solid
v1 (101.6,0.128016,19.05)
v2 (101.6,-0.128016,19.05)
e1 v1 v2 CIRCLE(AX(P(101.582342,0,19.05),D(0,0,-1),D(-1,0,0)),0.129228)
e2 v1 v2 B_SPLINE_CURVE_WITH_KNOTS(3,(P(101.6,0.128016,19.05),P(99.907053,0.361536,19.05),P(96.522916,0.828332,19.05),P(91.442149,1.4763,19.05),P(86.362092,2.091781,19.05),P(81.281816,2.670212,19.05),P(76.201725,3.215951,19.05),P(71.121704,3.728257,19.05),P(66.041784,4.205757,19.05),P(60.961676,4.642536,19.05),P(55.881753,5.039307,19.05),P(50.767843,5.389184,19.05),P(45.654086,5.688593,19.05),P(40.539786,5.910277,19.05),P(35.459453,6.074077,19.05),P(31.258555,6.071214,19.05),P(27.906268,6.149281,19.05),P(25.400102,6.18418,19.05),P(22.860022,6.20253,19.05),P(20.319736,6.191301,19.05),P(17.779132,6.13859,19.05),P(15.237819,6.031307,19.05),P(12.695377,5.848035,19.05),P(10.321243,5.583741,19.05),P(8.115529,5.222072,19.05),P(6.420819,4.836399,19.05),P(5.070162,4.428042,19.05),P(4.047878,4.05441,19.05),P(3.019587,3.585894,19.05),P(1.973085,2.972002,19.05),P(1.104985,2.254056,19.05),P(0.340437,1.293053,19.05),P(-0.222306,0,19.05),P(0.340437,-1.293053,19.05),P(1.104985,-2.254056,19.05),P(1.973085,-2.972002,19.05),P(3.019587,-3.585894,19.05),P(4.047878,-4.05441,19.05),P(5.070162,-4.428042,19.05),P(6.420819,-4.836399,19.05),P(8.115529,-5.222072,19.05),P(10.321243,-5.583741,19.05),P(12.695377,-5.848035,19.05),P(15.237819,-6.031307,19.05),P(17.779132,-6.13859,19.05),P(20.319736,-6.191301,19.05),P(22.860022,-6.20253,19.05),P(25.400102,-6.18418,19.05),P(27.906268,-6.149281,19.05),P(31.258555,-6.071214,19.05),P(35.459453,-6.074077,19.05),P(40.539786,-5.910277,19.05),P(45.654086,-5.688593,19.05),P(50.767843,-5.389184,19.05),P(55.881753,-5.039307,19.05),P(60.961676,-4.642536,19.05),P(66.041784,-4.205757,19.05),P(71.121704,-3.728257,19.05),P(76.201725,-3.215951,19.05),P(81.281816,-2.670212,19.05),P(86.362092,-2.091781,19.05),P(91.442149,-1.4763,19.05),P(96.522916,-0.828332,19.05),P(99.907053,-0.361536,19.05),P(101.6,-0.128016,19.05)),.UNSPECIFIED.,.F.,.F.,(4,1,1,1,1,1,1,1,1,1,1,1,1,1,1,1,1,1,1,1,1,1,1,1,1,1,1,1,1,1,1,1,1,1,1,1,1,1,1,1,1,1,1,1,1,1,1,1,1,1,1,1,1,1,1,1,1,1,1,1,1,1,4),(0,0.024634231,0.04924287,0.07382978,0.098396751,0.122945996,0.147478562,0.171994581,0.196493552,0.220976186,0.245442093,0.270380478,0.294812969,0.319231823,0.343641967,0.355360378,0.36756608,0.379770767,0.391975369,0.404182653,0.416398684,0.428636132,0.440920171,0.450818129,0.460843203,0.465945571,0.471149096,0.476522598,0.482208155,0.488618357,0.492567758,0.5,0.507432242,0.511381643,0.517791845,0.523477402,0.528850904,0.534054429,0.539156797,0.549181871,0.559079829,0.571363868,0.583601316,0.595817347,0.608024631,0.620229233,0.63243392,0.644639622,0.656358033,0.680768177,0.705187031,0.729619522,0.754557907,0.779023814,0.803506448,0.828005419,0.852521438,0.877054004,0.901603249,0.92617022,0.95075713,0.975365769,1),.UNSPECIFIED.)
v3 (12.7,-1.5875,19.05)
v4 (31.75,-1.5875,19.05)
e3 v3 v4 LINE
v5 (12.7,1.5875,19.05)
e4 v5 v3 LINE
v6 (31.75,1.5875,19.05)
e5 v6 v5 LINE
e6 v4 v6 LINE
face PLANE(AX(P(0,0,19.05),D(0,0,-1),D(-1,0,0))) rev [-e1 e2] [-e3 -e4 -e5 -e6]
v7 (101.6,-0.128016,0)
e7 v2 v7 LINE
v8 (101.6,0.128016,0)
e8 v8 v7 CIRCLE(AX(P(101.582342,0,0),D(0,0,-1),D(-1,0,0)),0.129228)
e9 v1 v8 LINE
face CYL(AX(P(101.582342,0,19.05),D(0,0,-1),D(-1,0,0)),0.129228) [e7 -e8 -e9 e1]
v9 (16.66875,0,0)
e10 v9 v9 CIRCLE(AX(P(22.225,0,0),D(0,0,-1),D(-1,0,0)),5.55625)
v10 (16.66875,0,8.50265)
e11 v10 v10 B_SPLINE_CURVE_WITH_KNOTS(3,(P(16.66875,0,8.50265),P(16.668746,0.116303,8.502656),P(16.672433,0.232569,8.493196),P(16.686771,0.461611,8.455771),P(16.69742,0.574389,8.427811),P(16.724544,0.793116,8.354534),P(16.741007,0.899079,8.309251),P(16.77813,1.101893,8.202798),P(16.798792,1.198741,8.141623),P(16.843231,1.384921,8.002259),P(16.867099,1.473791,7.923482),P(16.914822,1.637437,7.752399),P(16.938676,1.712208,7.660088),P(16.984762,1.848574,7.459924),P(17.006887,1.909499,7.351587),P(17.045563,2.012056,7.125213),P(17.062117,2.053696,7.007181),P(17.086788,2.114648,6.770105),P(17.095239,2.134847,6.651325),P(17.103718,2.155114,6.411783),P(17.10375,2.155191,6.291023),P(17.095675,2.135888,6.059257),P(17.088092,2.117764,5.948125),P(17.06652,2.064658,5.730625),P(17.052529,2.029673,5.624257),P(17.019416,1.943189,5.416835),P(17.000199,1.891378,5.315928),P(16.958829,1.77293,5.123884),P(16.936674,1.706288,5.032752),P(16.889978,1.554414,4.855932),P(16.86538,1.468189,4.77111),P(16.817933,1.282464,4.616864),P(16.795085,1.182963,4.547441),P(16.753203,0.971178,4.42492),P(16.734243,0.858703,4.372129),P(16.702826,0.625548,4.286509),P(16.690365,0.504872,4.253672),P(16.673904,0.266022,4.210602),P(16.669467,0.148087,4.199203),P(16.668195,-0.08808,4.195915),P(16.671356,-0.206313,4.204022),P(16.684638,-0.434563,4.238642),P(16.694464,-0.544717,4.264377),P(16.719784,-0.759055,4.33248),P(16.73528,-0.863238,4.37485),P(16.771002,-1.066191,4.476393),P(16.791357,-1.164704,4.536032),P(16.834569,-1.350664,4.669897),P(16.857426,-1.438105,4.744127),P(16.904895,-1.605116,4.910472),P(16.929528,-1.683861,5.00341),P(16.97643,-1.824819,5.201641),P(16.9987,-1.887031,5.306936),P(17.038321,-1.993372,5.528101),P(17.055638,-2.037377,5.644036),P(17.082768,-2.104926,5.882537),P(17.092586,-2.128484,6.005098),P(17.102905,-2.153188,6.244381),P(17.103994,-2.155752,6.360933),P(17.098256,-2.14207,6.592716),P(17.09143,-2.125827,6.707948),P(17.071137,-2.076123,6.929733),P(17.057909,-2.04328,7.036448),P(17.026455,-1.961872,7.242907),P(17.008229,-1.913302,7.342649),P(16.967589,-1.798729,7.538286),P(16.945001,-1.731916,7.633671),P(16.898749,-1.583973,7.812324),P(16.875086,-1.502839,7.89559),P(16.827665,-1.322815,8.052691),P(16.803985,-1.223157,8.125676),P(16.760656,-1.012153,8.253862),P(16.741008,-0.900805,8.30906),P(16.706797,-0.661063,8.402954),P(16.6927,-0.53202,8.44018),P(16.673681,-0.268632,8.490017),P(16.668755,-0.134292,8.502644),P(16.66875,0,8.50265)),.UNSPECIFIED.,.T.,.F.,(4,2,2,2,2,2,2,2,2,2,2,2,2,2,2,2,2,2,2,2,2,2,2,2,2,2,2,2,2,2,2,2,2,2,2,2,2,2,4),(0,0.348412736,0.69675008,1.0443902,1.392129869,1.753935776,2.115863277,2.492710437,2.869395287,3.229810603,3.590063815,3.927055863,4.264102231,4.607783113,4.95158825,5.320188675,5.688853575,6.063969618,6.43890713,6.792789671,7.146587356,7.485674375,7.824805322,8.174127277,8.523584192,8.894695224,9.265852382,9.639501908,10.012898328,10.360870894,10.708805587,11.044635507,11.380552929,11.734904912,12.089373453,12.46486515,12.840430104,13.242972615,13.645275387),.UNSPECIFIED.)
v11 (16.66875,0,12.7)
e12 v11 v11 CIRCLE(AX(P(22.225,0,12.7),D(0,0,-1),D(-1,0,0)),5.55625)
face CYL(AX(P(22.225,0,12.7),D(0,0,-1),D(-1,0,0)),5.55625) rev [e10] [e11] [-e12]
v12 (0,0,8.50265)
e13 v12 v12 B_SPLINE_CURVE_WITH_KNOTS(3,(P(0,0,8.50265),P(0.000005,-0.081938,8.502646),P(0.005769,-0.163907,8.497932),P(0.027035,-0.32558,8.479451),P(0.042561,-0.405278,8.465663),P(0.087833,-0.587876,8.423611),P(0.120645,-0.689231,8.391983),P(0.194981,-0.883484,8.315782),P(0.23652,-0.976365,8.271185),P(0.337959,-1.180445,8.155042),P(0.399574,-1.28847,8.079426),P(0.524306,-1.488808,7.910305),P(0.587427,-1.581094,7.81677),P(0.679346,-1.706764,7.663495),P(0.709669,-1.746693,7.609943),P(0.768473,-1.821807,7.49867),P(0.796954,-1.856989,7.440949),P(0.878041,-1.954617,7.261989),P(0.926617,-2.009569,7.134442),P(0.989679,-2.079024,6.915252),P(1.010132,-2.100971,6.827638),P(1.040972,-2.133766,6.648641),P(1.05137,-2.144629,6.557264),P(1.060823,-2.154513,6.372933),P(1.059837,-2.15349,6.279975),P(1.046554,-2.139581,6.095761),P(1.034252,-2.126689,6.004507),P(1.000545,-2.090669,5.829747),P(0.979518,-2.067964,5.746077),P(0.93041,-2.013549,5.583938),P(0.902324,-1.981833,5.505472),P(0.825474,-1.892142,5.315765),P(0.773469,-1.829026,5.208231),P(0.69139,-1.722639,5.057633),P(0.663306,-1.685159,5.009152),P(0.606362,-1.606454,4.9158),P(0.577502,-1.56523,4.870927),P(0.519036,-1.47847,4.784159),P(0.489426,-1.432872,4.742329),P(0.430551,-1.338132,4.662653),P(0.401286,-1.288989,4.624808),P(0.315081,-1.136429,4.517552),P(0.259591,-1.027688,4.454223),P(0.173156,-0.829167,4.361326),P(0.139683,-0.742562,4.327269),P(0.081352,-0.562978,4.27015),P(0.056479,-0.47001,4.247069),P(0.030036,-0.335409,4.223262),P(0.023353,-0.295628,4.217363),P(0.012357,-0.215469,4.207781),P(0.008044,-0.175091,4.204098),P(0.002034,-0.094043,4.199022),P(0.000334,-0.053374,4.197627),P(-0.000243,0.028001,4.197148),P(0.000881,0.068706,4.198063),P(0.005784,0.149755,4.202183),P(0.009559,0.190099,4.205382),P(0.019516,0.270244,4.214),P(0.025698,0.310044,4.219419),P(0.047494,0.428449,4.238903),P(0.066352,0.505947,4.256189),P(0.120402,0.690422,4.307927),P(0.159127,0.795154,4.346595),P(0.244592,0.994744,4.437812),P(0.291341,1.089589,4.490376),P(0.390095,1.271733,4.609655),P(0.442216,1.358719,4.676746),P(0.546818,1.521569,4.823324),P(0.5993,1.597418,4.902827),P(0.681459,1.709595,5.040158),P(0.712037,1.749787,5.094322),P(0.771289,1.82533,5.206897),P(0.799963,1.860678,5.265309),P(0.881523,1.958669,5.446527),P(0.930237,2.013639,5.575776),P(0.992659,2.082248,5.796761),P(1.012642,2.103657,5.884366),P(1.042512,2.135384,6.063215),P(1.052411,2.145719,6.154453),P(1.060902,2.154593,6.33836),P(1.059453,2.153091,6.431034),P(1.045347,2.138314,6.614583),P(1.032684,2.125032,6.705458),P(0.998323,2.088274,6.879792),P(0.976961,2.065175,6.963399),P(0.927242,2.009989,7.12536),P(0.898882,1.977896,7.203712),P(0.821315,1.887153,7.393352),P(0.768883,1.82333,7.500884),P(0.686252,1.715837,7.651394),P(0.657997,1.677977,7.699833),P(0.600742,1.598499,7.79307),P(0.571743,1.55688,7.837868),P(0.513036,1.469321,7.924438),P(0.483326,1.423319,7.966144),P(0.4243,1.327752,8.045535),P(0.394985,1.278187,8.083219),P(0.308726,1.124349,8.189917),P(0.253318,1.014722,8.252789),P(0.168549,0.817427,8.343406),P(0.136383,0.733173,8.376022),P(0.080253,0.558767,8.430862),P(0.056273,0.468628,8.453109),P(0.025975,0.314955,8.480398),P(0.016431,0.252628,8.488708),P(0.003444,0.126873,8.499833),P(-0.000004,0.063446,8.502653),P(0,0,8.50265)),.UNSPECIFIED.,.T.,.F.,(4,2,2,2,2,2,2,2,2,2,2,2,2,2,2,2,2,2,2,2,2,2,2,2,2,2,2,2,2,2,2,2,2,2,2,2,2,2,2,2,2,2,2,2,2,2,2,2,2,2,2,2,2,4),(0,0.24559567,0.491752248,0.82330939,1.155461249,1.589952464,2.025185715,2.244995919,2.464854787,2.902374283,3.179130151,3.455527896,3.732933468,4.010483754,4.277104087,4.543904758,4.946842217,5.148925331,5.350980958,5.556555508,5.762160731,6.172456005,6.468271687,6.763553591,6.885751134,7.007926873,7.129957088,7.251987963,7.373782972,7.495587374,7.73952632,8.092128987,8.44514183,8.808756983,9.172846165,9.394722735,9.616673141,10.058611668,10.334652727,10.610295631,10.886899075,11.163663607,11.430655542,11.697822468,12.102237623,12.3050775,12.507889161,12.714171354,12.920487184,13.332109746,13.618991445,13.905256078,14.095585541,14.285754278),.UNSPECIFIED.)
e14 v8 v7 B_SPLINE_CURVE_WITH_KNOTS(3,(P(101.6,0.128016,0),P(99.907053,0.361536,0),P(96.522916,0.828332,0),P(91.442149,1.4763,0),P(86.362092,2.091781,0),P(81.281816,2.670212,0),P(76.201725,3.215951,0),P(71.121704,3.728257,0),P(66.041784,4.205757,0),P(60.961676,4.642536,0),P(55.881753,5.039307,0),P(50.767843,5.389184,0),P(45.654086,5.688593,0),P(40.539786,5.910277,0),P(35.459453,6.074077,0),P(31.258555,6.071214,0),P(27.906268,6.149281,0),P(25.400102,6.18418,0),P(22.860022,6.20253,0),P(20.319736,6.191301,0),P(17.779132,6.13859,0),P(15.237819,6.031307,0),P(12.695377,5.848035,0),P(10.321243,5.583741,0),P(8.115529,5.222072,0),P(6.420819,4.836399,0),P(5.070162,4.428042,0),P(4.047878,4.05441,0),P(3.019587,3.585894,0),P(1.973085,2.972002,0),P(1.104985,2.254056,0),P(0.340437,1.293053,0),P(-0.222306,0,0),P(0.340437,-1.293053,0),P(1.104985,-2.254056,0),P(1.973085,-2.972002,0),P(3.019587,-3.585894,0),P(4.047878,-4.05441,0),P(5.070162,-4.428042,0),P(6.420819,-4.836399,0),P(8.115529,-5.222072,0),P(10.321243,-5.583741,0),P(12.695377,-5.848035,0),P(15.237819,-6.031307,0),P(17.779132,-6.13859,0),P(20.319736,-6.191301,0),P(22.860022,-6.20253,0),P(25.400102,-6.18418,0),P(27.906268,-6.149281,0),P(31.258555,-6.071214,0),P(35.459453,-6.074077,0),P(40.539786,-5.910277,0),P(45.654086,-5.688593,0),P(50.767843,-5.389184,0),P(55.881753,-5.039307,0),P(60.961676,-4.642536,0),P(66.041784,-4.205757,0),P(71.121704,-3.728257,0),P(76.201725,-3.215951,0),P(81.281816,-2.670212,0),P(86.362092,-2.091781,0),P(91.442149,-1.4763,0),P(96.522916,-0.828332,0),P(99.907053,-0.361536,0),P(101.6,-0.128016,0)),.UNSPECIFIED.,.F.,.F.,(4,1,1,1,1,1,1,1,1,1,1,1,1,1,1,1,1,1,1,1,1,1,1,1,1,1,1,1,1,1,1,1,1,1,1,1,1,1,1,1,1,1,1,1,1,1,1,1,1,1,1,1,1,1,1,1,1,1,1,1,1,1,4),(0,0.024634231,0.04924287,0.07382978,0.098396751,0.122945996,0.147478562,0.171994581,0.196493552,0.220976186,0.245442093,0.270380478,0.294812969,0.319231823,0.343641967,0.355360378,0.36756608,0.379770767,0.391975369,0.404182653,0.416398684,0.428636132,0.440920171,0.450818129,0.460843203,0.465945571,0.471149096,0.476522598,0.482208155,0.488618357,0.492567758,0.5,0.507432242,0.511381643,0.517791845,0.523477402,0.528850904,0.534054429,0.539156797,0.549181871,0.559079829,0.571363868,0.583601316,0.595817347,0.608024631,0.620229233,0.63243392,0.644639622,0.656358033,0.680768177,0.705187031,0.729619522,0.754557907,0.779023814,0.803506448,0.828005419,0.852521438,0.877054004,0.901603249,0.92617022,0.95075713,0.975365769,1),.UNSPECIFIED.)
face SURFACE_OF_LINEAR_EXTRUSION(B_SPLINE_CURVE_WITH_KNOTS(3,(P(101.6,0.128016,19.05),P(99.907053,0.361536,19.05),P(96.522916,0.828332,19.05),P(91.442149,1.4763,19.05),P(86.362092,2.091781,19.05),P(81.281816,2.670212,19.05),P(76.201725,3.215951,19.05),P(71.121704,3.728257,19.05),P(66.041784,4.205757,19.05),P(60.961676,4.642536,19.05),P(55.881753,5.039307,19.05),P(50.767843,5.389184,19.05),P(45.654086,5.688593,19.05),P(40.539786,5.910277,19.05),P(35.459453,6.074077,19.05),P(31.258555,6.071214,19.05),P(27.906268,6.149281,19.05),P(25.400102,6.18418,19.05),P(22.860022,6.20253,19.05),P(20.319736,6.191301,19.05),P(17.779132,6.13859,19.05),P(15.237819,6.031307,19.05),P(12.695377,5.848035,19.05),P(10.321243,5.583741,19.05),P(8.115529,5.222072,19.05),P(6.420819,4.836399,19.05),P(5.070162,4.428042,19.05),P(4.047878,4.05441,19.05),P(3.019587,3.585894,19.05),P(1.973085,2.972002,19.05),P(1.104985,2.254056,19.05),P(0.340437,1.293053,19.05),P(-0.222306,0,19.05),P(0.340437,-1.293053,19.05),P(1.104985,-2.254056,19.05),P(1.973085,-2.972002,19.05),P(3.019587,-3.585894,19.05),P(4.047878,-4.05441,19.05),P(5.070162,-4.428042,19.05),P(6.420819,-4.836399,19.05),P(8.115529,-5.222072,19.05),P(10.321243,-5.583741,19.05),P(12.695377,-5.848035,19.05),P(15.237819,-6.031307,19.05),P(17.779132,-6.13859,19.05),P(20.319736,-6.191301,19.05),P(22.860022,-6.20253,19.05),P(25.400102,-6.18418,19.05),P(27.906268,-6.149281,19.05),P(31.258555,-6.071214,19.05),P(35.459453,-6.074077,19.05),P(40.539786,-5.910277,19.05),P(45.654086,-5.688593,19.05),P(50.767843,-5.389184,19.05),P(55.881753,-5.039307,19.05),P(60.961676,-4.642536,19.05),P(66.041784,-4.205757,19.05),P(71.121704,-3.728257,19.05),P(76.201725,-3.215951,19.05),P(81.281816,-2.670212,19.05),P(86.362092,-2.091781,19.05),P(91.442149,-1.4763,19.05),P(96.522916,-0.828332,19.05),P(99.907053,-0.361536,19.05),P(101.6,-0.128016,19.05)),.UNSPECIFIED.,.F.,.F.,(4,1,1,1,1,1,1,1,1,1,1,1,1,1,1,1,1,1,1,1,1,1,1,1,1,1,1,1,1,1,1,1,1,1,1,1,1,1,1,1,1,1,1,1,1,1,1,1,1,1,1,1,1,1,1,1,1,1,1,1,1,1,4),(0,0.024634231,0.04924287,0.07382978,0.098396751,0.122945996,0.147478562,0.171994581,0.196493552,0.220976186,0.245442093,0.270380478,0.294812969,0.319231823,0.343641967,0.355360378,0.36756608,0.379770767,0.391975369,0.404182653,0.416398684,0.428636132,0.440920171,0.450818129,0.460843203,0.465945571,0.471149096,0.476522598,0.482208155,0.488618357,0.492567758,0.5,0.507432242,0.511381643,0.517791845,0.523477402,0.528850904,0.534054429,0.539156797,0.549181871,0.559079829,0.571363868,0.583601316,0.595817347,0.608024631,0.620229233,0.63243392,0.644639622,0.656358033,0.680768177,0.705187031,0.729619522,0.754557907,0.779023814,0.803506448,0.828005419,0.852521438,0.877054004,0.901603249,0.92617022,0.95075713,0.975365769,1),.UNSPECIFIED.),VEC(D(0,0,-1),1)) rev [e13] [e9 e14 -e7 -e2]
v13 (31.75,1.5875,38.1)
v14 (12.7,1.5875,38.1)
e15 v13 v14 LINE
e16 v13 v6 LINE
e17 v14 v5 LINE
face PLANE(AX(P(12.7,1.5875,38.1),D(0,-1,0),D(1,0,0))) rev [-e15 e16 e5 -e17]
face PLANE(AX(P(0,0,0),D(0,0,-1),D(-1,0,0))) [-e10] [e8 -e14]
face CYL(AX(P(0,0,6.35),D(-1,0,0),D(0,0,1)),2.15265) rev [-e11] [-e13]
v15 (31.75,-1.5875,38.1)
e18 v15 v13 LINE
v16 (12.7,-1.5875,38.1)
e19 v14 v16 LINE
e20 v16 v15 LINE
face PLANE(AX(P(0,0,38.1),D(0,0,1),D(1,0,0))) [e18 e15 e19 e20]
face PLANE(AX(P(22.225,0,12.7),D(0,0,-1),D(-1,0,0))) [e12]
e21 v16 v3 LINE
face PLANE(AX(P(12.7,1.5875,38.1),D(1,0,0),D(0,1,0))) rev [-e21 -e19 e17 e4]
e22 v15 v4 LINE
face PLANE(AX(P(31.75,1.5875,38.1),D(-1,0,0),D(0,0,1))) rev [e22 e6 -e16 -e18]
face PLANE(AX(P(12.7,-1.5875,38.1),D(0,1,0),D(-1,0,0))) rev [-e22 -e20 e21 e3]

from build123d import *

# Parameters (mm, degrees)
BOSS_EXTRUDE1_DEPTH        = 4.7625
SCALE2_SCALE               = 4
SKETCH8_W                  = 19.05
SKETCH8_H                  = 3.175
BOSS_EXTRUDE2_DEPTH        = 19.05
SKETCH9_R                  = 5.55625
CUT_EXTRUDE2_DEPTH         = 12.7
F_8_CLEARANCE_HOLE1_REACH  = 110.79
F_8_CLEARANCE_HOLE1_BORE_R = 2.15265


with BuildPart() as part:
    # Sketch1 → Boss-Extrude1 (new body)
    with BuildSketch(Plane.XY):
        with BuildLine():
            ThreePointArc((25.4, 0.032004), (25.4278925, 0), (25.4, -0.032004))
            add(Edge.make_bspline(
                [(25.4, 0.032004), (24.976763142, 0.09038392), (24.130729118, 0.207083111), (22.860537314, 0.369075077), (21.590523122, 0.522945316), (20.320453908, 0.667553054), (19.050431345, 0.803987802), (17.780426045, 0.932064365), (16.510446035, 1.051439262), (15.240419108, 1.160633972), (13.970438163, 1.259826752), (12.691960705, 1.347295914), (11.413521526, 1.422148174), (10.134946596, 1.477569314), (8.864863209, 1.51851922), (7.814638679, 1.517803525), (6.976566881, 1.537320372), (6.350025451, 1.546044901), (5.715005509, 1.550632383), (5.079933925, 1.547825218), (4.444783021, 1.534647506), (3.809454821, 1.507826711), (3.173844139, 1.462008836), (2.580310634, 1.395935364), (2.02888213, 1.305517971), (1.605204868, 1.209099774), (1.2675404, 1.107010546), (1.01196949, 1.013602494), (0.754896685, 0.896473462), (0.493271227, 0.743000412), (0.276246151, 0.563513884), (0.08510933, 0.323263229), (-0.05557661, 0), (0.08510933, -0.323263229), (0.276246151, -0.563513884), (0.493271227, -0.743000412), (0.754896685, -0.896473462), (1.01196949, -1.013602494), (1.2675404, -1.107010546), (1.605204868, -1.209099774), (2.02888213, -1.305517971), (2.580310634, -1.395935364), (3.173844139, -1.462008836), (3.809454821, -1.507826711), (4.444783021, -1.534647506), (5.079933925, -1.547825218), (5.715005509, -1.550632383), (6.350025451, -1.546044901), (6.976566881, -1.537320372), (7.814638679, -1.517803525), (8.864863209, -1.51851922), (10.134946596, -1.477569314), (11.413521526, -1.422148174), (12.691960705, -1.347295914), (13.970438163, -1.259826752), (15.240419108, -1.160633972), (16.510446035, -1.051439262), (17.780426045, -0.932064365), (19.050431345, -0.803987802), (20.320453908, -0.667553054), (21.590523122, -0.522945316), (22.860537314, -0.369075077), (24.130729118, -0.207083111), (24.976763142, -0.09038392), (25.4, -0.032004)],
                knots=[0, 0, 0, 0, 0.024634231, 0.04924287, 0.07382978, 0.098396751, 0.122945996, 0.147478562, 0.171994581, 0.196493552, 0.220976186, 0.245442093, 0.270380478, 0.294812969, 0.319231823, 0.343641967, 0.355360378, 0.36756608, 0.379770767, 0.391975369, 0.404182653, 0.416398684, 0.428636132, 0.440920171, 0.450818129, 0.460843203, 0.465945571, 0.471149096, 0.476522598, 0.482208155, 0.488618357, 0.492567758, 0.5, 0.507432242, 0.511381643, 0.517791845, 0.523477402, 0.528850904, 0.534054429, 0.539156797, 0.549181871, 0.559079829, 0.571363868, 0.583601316, 0.595817347, 0.608024631, 0.620229233, 0.63243392, 0.644639622, 0.656358033, 0.680768177, 0.705187031, 0.729619522, 0.754557907, 0.779023814, 0.803506448, 0.828005419, 0.852521438, 0.877054004, 0.901603249, 0.92617022, 0.95075713, 0.975365769, 1, 1, 1, 1], degree=3))
        make_face()
    extrude(amount=BOSS_EXTRUDE1_DEPTH)


with BuildPart() as part_1:
    # Scale2: scaled about (0, 0, 0)
    add(part.part.scale(SCALE2_SCALE))

    # Sketch8 → Boss-Extrude2 (add)
    with BuildSketch(Plane.XY.offset(19.05)):
        with Locations((22.225, 0)):
            Rectangle(SKETCH8_W, SKETCH8_H)
    extrude(amount=BOSS_EXTRUDE2_DEPTH)

    # Sketch9 → Cut-Extrude2 (cut)
    with BuildSketch(Plane(origin=(0, 0, 0), x_dir=(-1, 0, 0), z_dir=(0, 0, -1))):
        with Locations((-22.225, 0)):
            Circle(SKETCH9_R)
    extrude(amount=-CUT_EXTRUDE2_DEPTH, mode=Mode.SUBTRACT)

    # #8 Clearance Hole1 bore → #8 Clearance Hole1 (cut, up to next)
    with BuildSketch(Plane(origin=(0, 0, 0), x_dir=(0, 0, -1), z_dir=(-1, 0, 0)), mode=Mode.PRIVATE) as f_8_clearance_hole1_sk1:
        with Locations((-6.35, 0)):
            Circle(F_8_CLEARANCE_HOLE1_BORE_R)
    f_8_clearance_hole1_tool1 = extrude(f_8_clearance_hole1_sk1.sketch, amount=-F_8_CLEARANCE_HOLE1_REACH, mode=Mode.PRIVATE) & part_1.part
    add(f_8_clearance_hole1_tool1.solids().sort_by_distance((0, 0, 6.35))[0], mode=Mode.SUBTRACT)


solid = part_1.part
